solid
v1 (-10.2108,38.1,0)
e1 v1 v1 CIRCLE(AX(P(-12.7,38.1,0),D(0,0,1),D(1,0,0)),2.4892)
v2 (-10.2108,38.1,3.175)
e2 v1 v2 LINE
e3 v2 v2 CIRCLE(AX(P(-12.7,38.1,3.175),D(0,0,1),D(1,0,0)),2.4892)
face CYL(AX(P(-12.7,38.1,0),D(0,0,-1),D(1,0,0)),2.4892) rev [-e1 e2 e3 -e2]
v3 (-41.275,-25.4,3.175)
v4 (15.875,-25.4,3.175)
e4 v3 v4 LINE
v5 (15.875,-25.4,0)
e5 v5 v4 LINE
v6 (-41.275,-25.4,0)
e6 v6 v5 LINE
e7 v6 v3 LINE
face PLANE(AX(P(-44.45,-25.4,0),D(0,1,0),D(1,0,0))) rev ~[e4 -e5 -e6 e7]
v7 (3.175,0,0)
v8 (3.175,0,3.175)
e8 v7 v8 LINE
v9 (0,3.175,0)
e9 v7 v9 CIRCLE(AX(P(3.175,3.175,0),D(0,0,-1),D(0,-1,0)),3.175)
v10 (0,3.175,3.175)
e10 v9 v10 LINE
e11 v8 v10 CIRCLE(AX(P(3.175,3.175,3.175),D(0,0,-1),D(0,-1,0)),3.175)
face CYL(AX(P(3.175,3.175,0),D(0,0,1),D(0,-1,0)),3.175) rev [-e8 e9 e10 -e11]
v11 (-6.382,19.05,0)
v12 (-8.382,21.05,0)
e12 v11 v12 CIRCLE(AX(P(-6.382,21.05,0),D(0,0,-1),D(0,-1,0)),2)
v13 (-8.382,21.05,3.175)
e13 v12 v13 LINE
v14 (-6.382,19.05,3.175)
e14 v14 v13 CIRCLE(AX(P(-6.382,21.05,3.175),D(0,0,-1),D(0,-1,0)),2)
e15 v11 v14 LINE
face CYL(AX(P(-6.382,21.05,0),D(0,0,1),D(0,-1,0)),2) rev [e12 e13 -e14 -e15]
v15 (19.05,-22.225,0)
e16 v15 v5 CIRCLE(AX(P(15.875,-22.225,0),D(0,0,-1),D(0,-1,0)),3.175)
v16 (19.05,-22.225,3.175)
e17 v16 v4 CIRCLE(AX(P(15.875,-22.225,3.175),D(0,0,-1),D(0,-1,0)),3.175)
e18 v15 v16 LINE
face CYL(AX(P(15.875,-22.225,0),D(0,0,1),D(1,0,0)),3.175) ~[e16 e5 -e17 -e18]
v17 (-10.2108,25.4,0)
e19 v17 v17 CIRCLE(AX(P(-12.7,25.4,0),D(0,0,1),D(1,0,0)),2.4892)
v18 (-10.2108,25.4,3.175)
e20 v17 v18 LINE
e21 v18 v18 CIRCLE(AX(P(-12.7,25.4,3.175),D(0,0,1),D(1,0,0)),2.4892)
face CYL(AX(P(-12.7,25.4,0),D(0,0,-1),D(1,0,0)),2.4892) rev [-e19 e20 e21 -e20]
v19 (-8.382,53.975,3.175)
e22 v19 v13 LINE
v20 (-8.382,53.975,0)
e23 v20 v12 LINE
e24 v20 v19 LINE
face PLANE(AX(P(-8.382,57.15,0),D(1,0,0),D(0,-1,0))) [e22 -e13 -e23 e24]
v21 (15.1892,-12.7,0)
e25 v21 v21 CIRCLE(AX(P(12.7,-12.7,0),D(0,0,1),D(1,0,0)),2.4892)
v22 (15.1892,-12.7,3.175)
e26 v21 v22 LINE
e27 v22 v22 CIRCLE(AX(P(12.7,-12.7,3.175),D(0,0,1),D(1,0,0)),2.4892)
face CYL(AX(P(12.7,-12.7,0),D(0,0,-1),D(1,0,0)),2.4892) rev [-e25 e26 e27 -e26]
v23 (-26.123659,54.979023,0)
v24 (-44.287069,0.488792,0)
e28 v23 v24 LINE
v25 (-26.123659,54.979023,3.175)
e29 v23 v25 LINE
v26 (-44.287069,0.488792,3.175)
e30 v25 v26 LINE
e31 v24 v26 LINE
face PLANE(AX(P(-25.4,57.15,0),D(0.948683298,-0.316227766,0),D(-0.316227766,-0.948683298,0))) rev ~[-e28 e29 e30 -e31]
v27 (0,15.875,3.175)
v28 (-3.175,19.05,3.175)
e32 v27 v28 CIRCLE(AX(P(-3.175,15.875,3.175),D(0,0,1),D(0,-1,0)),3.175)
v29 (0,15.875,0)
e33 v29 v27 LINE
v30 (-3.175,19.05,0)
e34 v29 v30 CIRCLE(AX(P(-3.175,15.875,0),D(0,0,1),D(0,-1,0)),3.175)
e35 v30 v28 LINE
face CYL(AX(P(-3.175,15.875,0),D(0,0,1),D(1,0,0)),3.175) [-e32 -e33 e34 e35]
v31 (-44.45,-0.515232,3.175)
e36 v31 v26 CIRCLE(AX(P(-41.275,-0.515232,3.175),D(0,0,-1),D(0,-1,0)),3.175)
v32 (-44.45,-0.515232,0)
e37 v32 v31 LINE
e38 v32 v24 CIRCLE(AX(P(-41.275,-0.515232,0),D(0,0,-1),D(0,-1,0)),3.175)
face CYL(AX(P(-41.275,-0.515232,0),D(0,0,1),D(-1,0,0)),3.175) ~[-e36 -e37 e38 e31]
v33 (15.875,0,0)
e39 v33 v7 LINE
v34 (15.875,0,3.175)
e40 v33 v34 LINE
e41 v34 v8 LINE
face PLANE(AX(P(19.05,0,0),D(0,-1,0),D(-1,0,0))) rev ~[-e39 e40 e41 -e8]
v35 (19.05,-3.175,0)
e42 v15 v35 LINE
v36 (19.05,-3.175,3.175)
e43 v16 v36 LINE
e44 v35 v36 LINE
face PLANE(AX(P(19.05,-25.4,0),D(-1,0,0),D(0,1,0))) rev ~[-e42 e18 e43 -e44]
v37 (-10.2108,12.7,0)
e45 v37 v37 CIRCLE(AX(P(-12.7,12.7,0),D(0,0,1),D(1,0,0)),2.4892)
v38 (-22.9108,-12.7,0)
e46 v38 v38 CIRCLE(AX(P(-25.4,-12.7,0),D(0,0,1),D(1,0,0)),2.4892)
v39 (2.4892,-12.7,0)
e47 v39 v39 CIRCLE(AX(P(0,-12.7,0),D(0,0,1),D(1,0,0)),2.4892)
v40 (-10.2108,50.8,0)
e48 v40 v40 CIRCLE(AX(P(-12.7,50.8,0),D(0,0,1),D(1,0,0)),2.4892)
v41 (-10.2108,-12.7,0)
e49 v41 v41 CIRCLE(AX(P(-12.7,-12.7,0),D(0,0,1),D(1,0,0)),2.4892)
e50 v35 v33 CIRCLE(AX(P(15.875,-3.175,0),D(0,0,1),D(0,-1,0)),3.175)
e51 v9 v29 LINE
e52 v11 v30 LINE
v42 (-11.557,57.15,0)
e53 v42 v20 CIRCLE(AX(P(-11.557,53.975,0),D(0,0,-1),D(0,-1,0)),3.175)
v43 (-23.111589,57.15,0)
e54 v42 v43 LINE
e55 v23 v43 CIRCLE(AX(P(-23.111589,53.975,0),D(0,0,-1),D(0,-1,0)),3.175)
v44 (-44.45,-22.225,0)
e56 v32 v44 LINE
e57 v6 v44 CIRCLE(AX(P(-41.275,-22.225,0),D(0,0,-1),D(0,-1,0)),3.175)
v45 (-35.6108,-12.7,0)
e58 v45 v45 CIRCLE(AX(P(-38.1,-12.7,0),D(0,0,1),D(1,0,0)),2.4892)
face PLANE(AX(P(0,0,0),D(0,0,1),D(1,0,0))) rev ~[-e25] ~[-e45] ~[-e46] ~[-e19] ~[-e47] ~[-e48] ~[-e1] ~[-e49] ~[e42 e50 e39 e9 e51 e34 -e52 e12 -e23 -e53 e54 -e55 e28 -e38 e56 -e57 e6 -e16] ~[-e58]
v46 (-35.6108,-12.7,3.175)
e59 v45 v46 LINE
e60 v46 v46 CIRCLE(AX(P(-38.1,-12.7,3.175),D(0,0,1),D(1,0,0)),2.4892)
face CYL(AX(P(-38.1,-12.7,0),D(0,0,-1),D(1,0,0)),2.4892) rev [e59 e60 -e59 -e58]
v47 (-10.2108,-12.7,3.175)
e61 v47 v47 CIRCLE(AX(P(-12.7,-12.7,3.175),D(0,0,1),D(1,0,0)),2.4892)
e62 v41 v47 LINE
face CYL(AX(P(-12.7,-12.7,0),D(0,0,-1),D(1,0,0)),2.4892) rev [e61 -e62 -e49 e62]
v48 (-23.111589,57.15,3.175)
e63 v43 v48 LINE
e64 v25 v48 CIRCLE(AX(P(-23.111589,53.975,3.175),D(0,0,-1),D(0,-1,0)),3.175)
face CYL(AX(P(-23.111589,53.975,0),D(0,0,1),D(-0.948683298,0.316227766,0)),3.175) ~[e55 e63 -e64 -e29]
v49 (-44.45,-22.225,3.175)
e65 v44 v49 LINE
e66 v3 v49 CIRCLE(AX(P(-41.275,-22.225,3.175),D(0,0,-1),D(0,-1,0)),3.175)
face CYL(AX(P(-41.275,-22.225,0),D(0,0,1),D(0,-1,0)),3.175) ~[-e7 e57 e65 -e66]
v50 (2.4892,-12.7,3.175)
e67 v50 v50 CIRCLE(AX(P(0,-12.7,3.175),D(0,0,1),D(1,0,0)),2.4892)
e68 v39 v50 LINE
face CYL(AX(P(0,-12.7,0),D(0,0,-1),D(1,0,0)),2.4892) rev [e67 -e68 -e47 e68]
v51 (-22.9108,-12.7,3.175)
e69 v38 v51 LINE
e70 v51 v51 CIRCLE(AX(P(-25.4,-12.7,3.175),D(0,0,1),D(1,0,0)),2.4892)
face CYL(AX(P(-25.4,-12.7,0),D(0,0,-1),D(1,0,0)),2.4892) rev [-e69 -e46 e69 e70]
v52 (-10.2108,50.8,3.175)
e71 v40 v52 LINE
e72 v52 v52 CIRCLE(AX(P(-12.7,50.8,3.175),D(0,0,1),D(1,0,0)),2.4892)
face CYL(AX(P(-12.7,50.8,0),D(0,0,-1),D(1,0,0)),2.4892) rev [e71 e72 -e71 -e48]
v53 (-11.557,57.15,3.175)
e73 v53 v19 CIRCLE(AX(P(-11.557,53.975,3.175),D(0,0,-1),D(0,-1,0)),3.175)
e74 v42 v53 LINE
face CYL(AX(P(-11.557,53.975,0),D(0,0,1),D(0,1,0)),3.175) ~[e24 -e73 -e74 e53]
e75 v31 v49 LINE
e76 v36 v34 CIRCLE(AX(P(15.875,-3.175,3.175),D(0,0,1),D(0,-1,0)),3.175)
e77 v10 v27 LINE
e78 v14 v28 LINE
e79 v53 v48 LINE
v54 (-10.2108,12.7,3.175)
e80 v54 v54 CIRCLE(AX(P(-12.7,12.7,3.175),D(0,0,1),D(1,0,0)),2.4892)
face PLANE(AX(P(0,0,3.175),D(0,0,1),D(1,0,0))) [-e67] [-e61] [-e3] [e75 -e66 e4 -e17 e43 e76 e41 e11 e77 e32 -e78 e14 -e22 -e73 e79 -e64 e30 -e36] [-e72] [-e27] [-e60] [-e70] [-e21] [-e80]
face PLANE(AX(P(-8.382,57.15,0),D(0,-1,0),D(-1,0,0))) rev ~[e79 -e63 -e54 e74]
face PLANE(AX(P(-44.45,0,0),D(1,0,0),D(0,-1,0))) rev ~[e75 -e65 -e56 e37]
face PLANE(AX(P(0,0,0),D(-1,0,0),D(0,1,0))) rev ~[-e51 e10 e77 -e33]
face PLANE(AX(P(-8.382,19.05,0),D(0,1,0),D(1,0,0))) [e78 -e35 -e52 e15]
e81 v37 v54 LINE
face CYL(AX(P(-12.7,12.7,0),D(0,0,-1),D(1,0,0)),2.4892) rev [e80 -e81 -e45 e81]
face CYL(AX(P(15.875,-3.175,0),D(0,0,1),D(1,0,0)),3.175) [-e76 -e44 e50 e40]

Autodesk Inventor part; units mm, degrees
ref_plane "YZ Plane" through (0, 0, 0) normal (1, 0, 0) x (0, 1, 0)
ref_plane "XZ Plane" through (0, 0, 0) normal (0, 1, 0) x (-1, 0, 0)
ref_plane "XY Plane" through (0, 0, 0) normal (0, 0, 1) x (1, 0, 0)
sketch "Sketch1" plane through (0, 0, 0) normal (0, 0, 1) x (1, 0, 0)
  circle A0 centre (-12.7, 12.7) radius 2.4892
  line L0 (19.05, 0) -> (-44.45, 0)
  line L1 (-44.45, 0) -> (-44.45, -25.4)
  line L2 (-44.45, -25.4) -> (19.05, -25.4)
  line L3 (19.05, -25.4) -> (19.05, 0)
  line L4 (19.05, 0) -> (-44.45, -25.4) construction
  line L5 (-44.45, 0) -> (19.05, -25.4) construction
  line L6 (0, 57.15) -> (-25.4, 57.15)
  line L7 (-25.4, 57.15) -> (-25.4, 0)
  line L8 (-25.4, 0) -> (0, 0)
  line L9 (0, 0) -> (0, 57.15)
  line L10 (0, 57.15) -> (-25.4, 0) construction
  line L11 (-25.4, 57.15) -> (0, 0) construction
  line L12 (-25.4, 57.15) -> (-44.45, 0)
  circle A1 centre (-12.7, 25.4) radius 2.4892
  circle A2 centre (-12.7, 38.1) radius 2.4892
  circle A3 centre (-12.7, 50.8) radius 2.4892
  circle A4 centre (-38.1, -12.7) radius 2.4892
  circle A5 centre (-25.4, -12.7) radius 2.4892
  circle A6 centre (-12.7, -12.7) radius 2.4892
  circle A7 centre (0, -12.7) radius 2.4892
  circle A8 centre (12.7, -12.7) radius 2.4892
  line L13 (0, 57.15) -> (-8.382, 57.15)
  line L14 (-8.382, 57.15) -> (-8.382, 19.05)
  line L15 (-8.382, 19.05) -> (0, 19.05)
  line L16 (0, 19.05) -> (0, 57.15)
  point P0 (0, 0)
  point P1 (-12.7, -12.7)
  point P2 (-12.7, 28.575)
  point P3 (-12.7, 57.15)
  point P4 (-44.45, -12.7)
  point P5 (0, 19.05)
  dimension "d0" = 4.9784
  dimension "d1" = 25.4
  dimension "d2" = 25.4
  dimension "d5" = 12.7
  dimension "d10" = 6.35
  dimension "d11" = 12.7
  dimension "d12" = 19.05
  dimension "d15" = 12.7
  dimension "d21" = 6.35
  dimension "d25" = 8.382
  dimension "d26" = 6.35
  dimension "d28" = 6.35
extrude "Extrusion1" add sketch "Sketch1" along normal blind 3.175 contours L3 L2 L1 L0 | L0 L7 L6 L14 L15 L9 | L0 L12 L7
fillet "Fillet1" radius 3.175 8 edges at (19.05, 0, 1.5875) (19.05, -25.4, 1.5875) (-44.45, -25.4, 1.5875) (0, 0, 1.5875) (-44.45, 0, 1.5875) (-25.4, 57.15, 1.5875) (-8.382, 57.15, 1.5875) (0, 19.05, 1.5875)
fillet "Fillet1" radius 2 1 edges at (-8.382, 19.05, 1.5875)
equation "\"d28\" = d21"
properties part number "Elevator Mounting Gusset" material "Aluminum 6061"
